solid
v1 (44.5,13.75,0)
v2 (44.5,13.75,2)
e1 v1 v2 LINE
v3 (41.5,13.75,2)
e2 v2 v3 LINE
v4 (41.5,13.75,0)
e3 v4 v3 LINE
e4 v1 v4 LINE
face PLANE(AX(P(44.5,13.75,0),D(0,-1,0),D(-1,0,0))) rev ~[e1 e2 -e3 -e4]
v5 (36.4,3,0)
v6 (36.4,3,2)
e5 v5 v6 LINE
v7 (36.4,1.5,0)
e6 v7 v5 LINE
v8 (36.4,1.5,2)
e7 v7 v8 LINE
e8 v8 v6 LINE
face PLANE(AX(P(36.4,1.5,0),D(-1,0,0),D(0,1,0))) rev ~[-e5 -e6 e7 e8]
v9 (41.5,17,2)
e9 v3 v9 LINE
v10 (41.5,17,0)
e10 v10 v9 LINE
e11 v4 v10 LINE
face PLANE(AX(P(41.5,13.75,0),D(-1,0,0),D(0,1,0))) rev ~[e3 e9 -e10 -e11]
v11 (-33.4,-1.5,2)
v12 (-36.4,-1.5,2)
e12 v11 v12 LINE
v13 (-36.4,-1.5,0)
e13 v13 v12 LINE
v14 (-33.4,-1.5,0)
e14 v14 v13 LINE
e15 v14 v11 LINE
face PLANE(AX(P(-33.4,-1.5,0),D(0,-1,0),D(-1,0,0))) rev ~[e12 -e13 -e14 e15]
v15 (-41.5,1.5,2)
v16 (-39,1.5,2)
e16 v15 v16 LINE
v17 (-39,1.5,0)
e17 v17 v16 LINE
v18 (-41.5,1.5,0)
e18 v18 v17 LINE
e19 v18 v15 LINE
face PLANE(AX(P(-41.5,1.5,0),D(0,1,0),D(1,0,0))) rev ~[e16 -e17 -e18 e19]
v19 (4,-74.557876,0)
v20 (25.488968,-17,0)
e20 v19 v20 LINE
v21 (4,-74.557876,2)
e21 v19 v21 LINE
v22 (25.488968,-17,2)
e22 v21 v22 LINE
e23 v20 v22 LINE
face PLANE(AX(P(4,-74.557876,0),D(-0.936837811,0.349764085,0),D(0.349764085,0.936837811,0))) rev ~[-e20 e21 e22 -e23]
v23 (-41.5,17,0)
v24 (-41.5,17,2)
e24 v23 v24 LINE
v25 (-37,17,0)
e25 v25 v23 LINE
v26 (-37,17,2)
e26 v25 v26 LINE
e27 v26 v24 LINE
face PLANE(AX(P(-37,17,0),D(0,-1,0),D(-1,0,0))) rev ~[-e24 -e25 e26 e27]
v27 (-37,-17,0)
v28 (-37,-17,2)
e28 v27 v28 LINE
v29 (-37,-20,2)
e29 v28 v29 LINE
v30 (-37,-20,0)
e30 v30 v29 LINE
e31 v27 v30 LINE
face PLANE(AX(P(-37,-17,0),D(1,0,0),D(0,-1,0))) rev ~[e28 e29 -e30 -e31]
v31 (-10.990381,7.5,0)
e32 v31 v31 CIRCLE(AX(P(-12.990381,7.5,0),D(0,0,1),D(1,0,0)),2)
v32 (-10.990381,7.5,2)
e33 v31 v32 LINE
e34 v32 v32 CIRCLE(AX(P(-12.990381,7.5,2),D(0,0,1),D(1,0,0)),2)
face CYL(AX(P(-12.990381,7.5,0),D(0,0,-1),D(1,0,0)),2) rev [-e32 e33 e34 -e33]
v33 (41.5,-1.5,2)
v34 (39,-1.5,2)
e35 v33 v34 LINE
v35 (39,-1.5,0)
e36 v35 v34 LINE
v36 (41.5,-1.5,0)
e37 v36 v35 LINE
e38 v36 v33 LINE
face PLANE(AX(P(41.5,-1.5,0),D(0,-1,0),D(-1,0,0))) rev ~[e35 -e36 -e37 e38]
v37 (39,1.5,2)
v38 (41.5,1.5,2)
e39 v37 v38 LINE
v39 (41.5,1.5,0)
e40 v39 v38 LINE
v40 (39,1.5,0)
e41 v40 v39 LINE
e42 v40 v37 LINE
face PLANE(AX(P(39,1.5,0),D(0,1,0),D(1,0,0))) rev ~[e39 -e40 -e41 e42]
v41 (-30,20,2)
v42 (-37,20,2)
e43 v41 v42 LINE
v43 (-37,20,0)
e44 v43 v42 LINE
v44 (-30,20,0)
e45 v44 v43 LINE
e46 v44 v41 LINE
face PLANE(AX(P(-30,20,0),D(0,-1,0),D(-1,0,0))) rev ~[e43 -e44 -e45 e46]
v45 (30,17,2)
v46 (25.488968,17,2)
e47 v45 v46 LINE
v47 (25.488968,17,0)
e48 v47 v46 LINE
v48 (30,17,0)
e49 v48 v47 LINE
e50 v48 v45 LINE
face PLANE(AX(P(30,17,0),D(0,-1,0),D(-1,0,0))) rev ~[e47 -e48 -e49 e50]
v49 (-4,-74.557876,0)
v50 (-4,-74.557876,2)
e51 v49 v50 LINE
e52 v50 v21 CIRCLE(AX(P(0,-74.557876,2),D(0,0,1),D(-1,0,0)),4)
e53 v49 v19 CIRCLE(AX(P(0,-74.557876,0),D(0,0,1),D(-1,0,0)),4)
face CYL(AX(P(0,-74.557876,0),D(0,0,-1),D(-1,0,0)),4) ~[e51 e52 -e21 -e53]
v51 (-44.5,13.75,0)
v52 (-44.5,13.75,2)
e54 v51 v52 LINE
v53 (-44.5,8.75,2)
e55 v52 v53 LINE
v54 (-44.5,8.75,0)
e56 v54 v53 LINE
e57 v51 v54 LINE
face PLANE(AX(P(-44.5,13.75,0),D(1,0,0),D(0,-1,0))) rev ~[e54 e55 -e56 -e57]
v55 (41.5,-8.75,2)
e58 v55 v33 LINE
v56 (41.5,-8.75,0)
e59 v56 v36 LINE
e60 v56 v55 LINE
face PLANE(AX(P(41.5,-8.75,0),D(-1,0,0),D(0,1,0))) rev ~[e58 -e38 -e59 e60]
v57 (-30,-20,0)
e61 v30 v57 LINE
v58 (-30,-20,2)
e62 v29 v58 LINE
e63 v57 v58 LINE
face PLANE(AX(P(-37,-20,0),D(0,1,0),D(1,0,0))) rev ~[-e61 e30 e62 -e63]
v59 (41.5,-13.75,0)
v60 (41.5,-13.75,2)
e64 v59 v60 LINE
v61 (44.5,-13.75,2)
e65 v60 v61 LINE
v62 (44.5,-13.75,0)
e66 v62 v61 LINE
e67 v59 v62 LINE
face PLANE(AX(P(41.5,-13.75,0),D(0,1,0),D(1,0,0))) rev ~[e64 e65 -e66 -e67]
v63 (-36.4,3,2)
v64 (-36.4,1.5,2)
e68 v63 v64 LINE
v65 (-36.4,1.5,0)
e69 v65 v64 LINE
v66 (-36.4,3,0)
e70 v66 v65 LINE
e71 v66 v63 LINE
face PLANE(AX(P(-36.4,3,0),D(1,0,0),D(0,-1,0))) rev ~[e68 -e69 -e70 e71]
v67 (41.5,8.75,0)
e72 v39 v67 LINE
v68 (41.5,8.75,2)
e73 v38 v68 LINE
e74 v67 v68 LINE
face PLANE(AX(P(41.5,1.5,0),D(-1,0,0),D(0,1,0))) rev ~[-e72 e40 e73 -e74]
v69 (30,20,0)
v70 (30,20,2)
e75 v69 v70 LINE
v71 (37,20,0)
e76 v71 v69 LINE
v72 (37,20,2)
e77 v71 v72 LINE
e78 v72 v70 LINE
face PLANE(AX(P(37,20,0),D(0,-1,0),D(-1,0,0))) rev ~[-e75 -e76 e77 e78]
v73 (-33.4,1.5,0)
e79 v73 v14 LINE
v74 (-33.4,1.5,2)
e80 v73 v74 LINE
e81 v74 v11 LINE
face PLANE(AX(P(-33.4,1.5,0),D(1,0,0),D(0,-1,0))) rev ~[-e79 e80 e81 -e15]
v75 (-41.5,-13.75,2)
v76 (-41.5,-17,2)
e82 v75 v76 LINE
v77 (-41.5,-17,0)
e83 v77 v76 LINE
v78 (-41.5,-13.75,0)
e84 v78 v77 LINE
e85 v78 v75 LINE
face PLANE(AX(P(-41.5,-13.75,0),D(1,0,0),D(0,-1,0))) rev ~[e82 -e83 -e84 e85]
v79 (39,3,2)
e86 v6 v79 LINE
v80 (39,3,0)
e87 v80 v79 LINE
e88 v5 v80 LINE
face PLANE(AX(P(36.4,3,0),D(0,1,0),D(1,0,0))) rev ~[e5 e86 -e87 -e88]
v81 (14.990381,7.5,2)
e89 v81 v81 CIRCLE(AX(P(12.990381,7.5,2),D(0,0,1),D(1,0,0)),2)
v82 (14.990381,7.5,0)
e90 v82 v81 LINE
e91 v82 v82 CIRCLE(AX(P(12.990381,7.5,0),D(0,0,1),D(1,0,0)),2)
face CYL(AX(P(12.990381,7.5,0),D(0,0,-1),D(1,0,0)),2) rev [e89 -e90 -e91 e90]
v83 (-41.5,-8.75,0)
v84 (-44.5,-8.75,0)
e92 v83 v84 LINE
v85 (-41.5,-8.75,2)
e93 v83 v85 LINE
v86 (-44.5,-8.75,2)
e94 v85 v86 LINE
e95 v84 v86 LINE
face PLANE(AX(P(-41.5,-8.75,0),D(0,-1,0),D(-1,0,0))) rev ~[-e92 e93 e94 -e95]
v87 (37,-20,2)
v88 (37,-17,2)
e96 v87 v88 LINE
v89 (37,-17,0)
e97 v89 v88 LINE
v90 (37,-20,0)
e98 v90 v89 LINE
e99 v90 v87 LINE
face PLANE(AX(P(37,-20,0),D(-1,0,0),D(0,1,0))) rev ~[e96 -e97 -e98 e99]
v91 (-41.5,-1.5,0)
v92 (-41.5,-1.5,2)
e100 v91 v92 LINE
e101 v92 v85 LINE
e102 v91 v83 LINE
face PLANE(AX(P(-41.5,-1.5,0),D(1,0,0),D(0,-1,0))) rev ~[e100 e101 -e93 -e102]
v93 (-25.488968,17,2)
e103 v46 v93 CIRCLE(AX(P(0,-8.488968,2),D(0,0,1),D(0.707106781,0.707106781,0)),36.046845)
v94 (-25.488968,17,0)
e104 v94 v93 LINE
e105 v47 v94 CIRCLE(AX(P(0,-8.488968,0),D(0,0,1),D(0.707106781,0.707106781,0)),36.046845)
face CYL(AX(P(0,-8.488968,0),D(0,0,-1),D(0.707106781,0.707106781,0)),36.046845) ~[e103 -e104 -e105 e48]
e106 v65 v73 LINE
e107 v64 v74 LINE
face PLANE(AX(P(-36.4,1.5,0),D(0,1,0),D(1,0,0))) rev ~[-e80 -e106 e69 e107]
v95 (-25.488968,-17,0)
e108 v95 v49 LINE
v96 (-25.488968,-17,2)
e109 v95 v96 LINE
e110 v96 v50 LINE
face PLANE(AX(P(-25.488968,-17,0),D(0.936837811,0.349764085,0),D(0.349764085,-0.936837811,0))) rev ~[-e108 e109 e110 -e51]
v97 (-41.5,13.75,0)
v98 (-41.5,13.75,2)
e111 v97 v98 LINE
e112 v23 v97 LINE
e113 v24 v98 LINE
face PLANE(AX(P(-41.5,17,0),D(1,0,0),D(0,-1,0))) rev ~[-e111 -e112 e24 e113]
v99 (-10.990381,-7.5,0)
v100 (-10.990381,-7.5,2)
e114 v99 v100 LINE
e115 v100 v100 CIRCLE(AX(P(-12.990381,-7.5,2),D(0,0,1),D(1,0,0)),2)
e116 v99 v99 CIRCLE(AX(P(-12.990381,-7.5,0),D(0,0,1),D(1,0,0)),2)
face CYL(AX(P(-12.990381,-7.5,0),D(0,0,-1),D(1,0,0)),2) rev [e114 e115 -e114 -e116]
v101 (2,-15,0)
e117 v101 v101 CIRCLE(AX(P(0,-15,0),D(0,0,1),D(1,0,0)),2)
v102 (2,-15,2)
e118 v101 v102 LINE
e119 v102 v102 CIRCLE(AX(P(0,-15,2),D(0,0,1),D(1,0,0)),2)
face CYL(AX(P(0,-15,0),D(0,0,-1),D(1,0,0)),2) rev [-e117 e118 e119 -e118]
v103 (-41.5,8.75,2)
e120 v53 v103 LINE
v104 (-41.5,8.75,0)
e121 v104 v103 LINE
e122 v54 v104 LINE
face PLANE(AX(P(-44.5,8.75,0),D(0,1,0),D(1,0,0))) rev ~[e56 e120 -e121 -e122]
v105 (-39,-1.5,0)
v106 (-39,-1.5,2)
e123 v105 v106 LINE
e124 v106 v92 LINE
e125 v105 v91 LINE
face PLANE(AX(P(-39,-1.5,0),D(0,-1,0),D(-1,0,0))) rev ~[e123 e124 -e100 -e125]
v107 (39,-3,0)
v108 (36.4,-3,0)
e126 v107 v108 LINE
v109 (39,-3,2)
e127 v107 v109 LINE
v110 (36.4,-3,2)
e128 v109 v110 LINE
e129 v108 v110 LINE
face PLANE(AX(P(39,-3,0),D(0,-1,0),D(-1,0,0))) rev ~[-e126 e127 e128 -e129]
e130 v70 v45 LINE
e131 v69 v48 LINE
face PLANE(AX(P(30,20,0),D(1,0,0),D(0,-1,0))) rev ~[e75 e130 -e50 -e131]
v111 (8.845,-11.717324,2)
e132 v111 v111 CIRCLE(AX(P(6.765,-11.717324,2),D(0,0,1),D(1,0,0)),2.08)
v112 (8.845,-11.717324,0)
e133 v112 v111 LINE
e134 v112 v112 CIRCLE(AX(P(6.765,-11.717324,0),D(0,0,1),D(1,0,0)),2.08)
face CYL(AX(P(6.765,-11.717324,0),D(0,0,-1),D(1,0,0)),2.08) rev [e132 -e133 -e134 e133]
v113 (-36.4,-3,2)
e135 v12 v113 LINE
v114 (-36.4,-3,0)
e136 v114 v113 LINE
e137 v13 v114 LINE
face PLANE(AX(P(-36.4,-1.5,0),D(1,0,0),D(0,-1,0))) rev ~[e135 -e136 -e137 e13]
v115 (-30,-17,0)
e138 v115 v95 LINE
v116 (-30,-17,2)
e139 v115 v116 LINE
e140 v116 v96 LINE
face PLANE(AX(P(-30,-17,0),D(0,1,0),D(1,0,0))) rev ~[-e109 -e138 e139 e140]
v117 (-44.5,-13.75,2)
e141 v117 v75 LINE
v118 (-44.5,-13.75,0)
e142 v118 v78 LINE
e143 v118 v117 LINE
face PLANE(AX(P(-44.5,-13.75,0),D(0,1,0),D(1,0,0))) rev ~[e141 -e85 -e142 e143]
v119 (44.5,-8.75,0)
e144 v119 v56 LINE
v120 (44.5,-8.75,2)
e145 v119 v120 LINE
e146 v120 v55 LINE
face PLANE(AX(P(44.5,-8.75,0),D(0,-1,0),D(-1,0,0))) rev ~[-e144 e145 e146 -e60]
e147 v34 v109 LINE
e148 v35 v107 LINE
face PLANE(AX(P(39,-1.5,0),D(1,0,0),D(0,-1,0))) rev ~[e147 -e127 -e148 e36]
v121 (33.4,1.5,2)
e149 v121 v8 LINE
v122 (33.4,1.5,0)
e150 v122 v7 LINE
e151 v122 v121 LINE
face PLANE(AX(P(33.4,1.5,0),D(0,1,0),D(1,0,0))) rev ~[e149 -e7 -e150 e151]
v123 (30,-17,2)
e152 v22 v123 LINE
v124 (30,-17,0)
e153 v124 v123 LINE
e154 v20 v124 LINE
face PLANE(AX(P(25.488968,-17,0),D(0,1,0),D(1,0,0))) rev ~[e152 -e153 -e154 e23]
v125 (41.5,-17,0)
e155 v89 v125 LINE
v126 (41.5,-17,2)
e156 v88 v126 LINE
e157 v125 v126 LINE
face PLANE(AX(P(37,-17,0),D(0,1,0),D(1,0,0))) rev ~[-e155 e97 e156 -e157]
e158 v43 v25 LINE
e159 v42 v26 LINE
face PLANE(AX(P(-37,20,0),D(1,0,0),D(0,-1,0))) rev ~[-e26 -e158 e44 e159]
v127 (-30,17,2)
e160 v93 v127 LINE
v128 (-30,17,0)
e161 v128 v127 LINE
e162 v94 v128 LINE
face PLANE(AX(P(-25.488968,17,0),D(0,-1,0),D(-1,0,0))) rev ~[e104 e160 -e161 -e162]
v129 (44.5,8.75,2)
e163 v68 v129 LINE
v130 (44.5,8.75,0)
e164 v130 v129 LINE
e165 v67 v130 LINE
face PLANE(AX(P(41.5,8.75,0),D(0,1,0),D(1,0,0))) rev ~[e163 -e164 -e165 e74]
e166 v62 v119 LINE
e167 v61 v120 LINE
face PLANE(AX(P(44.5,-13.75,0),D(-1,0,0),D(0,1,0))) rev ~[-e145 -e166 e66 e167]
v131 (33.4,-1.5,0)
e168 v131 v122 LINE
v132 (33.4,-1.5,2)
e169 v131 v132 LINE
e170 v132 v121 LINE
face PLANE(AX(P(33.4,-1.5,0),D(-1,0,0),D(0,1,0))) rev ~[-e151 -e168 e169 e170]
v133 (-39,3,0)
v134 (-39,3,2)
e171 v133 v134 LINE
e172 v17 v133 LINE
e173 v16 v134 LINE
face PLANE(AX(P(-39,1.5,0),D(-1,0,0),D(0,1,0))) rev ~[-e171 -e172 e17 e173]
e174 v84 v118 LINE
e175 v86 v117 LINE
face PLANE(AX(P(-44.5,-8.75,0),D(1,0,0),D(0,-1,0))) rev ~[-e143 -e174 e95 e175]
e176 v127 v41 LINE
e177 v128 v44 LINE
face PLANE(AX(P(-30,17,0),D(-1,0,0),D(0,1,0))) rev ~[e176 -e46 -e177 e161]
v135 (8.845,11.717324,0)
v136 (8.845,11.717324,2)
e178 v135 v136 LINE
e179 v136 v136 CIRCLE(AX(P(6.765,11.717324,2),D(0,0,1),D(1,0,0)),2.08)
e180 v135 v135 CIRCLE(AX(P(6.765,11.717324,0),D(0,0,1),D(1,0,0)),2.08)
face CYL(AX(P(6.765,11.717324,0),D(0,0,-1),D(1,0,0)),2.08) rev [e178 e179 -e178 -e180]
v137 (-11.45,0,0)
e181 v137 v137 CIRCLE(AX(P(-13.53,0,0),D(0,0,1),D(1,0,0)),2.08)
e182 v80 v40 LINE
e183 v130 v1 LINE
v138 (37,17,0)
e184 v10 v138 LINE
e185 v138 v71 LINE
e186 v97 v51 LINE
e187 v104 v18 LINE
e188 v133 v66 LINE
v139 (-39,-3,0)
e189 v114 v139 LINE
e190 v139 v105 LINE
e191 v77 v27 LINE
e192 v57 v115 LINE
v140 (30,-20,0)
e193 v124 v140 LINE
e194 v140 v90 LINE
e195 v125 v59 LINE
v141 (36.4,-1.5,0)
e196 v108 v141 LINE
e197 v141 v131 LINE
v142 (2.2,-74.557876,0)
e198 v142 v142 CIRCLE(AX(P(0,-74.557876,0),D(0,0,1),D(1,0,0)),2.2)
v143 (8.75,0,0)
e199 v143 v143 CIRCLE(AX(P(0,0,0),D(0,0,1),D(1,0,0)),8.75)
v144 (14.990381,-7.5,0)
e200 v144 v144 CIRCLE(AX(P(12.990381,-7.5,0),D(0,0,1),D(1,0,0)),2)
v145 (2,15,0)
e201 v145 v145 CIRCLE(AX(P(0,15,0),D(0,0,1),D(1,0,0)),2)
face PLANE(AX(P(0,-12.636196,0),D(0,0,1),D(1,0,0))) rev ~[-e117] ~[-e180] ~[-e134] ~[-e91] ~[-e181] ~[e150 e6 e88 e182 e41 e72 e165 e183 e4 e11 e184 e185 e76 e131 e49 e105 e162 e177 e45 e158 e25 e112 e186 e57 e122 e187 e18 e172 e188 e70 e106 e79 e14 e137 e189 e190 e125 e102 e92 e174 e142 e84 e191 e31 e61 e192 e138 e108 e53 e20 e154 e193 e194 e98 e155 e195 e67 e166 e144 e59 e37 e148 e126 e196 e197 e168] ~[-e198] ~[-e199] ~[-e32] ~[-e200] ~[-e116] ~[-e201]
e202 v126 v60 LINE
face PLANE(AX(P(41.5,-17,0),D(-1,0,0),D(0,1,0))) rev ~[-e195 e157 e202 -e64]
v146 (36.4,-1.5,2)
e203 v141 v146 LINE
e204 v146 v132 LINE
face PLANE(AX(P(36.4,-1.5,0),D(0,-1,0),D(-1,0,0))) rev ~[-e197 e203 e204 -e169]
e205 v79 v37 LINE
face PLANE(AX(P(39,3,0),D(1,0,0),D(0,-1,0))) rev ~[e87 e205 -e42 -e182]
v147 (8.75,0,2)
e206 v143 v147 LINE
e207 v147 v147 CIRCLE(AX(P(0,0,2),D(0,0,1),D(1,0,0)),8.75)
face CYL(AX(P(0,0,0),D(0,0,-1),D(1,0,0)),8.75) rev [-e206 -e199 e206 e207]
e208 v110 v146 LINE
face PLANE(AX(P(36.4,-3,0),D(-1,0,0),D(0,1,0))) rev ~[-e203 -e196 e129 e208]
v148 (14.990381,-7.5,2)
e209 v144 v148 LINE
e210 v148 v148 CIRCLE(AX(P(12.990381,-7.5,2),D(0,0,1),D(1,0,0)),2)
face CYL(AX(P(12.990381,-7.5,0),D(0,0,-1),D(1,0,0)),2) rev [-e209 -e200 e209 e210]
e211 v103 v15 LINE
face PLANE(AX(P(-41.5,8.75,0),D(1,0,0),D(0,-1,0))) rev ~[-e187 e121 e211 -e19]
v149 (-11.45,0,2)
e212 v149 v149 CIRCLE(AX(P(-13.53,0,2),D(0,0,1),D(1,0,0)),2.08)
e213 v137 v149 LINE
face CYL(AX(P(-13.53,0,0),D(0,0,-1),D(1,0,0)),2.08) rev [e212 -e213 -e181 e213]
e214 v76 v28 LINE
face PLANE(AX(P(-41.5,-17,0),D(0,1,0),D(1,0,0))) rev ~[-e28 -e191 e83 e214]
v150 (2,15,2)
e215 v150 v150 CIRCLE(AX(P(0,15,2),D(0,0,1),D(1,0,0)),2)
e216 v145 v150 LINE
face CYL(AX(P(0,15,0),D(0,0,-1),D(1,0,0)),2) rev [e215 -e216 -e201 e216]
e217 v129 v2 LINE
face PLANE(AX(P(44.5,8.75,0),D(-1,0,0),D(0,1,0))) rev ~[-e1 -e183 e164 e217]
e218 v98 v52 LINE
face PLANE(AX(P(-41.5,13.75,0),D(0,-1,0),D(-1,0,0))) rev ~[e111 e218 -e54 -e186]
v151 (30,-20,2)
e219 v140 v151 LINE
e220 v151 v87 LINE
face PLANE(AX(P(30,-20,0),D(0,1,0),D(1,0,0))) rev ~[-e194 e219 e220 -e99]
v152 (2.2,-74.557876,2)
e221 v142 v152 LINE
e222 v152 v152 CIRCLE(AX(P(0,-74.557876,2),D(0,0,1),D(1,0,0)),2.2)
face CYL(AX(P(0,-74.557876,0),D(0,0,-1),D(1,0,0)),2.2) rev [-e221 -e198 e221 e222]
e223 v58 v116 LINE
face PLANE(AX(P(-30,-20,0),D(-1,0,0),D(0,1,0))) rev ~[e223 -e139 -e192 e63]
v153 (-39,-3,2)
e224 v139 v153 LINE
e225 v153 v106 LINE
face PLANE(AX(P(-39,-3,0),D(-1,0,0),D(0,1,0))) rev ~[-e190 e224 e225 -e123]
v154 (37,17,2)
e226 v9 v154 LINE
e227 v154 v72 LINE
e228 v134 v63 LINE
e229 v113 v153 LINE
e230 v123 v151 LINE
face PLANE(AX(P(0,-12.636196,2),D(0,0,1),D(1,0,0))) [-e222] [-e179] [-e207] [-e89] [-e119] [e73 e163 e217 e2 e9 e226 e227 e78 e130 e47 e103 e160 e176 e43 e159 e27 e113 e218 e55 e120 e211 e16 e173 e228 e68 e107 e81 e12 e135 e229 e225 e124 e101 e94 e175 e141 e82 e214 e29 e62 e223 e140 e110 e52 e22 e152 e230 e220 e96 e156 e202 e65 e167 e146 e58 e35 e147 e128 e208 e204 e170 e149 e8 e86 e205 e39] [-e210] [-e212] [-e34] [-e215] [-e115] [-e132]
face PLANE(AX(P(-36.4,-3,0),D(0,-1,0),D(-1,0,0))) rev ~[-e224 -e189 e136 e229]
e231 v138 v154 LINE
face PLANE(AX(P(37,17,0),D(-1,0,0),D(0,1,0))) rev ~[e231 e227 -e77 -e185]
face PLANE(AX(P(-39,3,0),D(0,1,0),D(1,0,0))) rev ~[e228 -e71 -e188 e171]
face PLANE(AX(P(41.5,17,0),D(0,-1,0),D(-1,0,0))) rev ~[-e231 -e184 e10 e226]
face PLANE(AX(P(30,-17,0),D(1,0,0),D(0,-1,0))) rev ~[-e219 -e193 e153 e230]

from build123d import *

# Parameters (mm, degrees)
SKETCH_1_R      = 2
SKETCH_1_R_2    = 2.08
SKETCH_1_R_3    = 8.75
SKETCH_1_R_4    = 2.2
EXTRUDE_2_DEPTH = 2


with BuildPart() as part:
    # 草图1 → 凸台-拉伸2 (new body)
    with BuildSketch(Plane.XY):
        with BuildLine():
            Line((41.5, 13.75), (41.5, 17))
            Line((41.5, 17), (37, 17))
            Line((37, 17), (37, 20))
            Line((37, 20), (30, 20))
            Line((30, 20), (30, 17))
            Line((30, 17), (25.488968202, 17))
            ThreePointArc((25.488968202, 17), (0, 27.55787632), (-25.488968202, 17))
            Line((-25.488968202, 17), (-30, 17))
            Line((-30, 17), (-30, 20))
            Line((-30, 20), (-37, 20))
            Line((-37, 20), (-37, 17))
            Line((-37, 17), (-41.5, 17))
            Line((-41.5, 17), (-41.5, 13.75))
            Line((-41.5, 13.75), (-44.5, 13.75))
            Line((-44.5, 13.75), (-44.5, 8.75))
            Line((-44.5, 8.75), (-41.5, 8.75))
            Line((-41.5, 8.75), (-41.5, 1.5))
            Line((-41.5, 1.5), (-39, 1.5))
            Line((-39, 1.5), (-39, 3))
            Line((-39, 3), (-36.4, 3))
            Line((-36.4, 3), (-36.4, 1.5))
            Line((-36.4, 1.5), (-33.4, 1.5))
            Line((-33.4, 1.5), (-33.4, -1.5))
            Line((-33.4, -1.5), (-36.4, -1.5))
            Line((-36.4, -1.5), (-36.4, -3))
            Line((-36.4, -3), (-39, -3))
            Line((-39, -3), (-39, -1.5))
            Line((-39, -1.5), (-41.5, -1.5))
            Line((-41.5, -1.5), (-41.5, -8.75))
            Line((-41.5, -8.75), (-44.5, -8.75))
            Line((-44.5, -8.75), (-44.5, -13.75))
            Line((-44.5, -13.75), (-41.5, -13.75))
            Line((-41.5, -13.75), (-41.5, -17))
            Line((-41.5, -17), (-37, -17))
            Line((-37, -17), (-37, -20))
            Line((-37, -20), (-30, -20))
            Line((-30, -20), (-30, -17))
            Line((-30, -17), (-25.488968202, -17))
            Line((-25.488968202, -17), (-4, -74.55787632))
            ThreePointArc((-4, -74.55787632), (0, -78.55787632), (4, -74.55787632))
            Line((4, -74.55787632), (25.488968202, -17))
            Line((25.488968202, -17), (30, -17))
            Line((30, -17), (30, -20))
            Line((30, -20), (37, -20))
            Line((37, -20), (37, -17))
            Line((37, -17), (41.5, -17))
            Line((41.5, -17), (41.5, -13.75))
            Line((41.5, -13.75), (44.5, -13.75))
            Line((44.5, -13.75), (44.5, -8.75))
            Line((44.5, -8.75), (41.5, -8.75))
            Line((41.5, -8.75), (41.5, -1.5))
            Line((41.5, -1.5), (39, -1.5))
            Line((39, -1.5), (39, -3))
            Line((39, -3), (36.4, -3))
            Line((36.4, -3), (36.4, -1.5))
            Line((36.4, -1.5), (33.4, -1.5))
            Line((33.4, -1.5), (33.4, 1.5))
            Line((33.4, 1.5), (36.4, 1.5))
            Line((36.4, 1.5), (36.4, 3))
            Line((36.4, 3), (39, 3))
            Line((39, 3), (39, 1.5))
            Line((39, 1.5), (41.5, 1.5))
            Line((41.5, 1.5), (41.5, 8.75))
            Line((41.5, 8.75), (44.5, 8.75))
            Line((44.5, 8.75), (44.5, 13.75))
            Line((44.5, 13.75), (41.5, 13.75))
        make_face()
        with Locations((0, -15)):
            Circle(SKETCH_1_R, mode=Mode.SUBTRACT)
        with Locations((-12.990381057, -7.5)):
            Circle(SKETCH_1_R, mode=Mode.SUBTRACT)
        with Locations((-12.990381057, 7.5)):
            Circle(SKETCH_1_R, mode=Mode.SUBTRACT)
        with Locations((0, 15)):
            Circle(SKETCH_1_R, mode=Mode.SUBTRACT)
        with Locations((12.990381057, 7.5)):
            Circle(SKETCH_1_R, mode=Mode.SUBTRACT)
        with Locations((12.990381057, -7.5)):
            Circle(SKETCH_1_R, mode=Mode.SUBTRACT)
        with Locations((-13.53, 0)):
            Circle(SKETCH_1_R_2, mode=Mode.SUBTRACT)
        with Locations((6.765, 11.717323713)):
            Circle(SKETCH_1_R_2, mode=Mode.SUBTRACT)
        with Locations((6.765, -11.717323713)):
            Circle(SKETCH_1_R_2, mode=Mode.SUBTRACT)
        Circle(SKETCH_1_R_3, mode=Mode.SUBTRACT)
        with Locations((0, -74.55787632)):
            Circle(SKETCH_1_R_4, mode=Mode.SUBTRACT)
    extrude(amount=EXTRUDE_2_DEPTH)


solid = part.part
